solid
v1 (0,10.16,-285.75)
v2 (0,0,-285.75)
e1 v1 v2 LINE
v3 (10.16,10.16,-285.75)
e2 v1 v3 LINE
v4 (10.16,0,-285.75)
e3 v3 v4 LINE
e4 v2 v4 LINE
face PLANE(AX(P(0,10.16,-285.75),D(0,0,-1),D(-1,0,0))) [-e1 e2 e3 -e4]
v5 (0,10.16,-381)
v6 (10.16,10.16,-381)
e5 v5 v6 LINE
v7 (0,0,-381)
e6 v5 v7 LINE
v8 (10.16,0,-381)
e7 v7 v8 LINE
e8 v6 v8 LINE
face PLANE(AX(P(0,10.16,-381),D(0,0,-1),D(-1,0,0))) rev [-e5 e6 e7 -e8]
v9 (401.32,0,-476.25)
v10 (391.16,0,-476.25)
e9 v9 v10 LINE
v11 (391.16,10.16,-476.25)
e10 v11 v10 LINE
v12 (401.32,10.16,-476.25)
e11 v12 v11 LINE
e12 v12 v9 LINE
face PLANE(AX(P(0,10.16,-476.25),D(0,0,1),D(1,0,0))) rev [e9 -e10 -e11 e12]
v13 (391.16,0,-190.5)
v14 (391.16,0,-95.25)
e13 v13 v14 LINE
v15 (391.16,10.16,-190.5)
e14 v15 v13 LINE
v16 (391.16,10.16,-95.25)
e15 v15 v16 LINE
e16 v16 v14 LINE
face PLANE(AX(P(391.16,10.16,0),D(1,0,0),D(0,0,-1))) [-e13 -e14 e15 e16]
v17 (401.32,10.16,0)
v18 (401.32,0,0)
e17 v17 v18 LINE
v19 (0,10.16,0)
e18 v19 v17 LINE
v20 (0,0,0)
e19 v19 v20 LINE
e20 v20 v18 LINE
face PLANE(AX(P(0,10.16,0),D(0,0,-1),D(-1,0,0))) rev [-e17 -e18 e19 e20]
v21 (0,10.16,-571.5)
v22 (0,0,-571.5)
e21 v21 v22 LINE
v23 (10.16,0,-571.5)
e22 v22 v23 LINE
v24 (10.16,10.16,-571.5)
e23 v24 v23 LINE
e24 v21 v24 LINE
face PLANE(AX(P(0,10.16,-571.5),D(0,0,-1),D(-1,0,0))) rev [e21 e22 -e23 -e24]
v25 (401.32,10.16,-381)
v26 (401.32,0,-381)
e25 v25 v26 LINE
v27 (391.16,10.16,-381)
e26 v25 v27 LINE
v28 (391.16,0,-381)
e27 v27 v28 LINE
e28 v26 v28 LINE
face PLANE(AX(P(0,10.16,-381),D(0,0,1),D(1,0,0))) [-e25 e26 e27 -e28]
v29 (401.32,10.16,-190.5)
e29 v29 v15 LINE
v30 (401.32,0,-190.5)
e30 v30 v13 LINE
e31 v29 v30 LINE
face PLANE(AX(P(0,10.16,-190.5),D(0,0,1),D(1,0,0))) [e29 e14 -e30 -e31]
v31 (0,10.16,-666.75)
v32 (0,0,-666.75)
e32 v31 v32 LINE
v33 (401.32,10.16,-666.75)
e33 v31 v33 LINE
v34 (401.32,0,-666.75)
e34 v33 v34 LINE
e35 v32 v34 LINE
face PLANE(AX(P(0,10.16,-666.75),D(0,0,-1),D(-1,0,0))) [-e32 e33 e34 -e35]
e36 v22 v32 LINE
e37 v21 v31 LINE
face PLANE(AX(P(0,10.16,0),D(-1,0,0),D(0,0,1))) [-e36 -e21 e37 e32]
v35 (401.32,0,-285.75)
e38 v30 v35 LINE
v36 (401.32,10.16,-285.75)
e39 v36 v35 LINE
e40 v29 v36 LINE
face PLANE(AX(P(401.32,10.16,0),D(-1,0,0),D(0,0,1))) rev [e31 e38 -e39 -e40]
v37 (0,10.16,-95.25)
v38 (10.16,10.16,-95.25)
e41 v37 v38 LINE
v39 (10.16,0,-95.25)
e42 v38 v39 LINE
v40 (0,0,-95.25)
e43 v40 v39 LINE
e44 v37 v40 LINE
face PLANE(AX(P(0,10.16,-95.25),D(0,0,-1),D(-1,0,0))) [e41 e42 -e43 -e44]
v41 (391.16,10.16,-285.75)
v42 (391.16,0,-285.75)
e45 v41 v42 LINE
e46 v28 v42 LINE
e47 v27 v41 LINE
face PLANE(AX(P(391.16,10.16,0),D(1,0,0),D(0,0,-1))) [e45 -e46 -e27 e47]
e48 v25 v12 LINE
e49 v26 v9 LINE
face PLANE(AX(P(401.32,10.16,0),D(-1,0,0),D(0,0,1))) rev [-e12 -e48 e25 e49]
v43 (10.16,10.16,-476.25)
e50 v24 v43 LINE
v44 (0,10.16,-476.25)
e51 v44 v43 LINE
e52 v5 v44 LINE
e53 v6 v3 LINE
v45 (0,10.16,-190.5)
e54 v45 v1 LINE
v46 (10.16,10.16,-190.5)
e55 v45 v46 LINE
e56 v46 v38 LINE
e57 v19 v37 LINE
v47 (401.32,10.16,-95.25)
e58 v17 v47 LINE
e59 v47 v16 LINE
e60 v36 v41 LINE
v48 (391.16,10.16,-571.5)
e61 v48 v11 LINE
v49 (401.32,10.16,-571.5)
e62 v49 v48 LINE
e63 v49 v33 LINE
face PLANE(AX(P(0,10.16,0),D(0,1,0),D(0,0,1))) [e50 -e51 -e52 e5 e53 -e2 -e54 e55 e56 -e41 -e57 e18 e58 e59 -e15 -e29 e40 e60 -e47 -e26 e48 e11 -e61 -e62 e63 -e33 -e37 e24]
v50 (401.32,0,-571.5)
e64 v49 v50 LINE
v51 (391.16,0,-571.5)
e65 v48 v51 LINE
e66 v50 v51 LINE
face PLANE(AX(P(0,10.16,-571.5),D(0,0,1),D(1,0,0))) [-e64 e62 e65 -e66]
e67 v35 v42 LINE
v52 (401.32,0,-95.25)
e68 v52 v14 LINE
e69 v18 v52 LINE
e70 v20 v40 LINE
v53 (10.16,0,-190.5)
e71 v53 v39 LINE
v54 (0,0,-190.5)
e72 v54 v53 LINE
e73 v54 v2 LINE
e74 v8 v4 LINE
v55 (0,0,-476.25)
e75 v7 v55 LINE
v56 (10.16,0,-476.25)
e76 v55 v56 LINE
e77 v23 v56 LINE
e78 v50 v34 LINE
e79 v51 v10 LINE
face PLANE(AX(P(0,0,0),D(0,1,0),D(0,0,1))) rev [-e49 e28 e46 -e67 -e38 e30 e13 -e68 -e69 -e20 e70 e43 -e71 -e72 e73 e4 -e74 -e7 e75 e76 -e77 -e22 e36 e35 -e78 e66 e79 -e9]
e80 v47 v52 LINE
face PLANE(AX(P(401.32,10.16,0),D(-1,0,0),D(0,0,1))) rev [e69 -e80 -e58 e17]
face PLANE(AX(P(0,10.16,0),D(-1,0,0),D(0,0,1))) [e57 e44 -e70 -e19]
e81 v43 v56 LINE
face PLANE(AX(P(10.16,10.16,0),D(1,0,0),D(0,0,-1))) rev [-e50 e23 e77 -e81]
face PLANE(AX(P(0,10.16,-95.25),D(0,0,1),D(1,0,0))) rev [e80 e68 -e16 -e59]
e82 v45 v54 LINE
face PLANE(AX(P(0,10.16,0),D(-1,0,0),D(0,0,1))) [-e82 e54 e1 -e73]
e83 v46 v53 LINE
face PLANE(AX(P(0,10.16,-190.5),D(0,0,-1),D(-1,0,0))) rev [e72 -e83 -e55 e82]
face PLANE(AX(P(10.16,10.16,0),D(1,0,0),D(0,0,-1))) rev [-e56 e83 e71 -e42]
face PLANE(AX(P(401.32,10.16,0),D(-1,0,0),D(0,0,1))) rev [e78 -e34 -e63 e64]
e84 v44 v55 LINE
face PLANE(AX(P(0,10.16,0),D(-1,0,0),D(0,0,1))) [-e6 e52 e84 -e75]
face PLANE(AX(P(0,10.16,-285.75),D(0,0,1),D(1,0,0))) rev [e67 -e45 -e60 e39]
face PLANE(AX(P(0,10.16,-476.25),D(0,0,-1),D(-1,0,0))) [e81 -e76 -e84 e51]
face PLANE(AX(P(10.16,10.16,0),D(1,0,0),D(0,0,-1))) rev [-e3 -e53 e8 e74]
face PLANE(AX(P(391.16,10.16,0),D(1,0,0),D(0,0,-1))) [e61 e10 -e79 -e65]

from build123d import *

# Parameters (mm, degrees)
BOSS_EXTRUDE1_DEPTH = 10.16


with BuildPart() as part:
    # Sketch1 → Boss-Extrude1 (new body)
    with BuildSketch(Plane(origin=(0, 0, 0), x_dir=(1, 0, 0), z_dir=(0, 1, 0))):
        Polygon((0, 95.25), (0, 0), (401.32, 0), (401.32, 95.25), (391.16, 95.25), (391.16, 190.5), (401.32, 190.5), (401.32, 285.75), (391.16, 285.75), (391.16, 381), (401.32, 381), (401.32, 476.25), (391.16, 476.25), (391.16, 571.5), (401.32, 571.5), (401.32, 666.75), (0, 666.75), (0, 571.5), (10.16, 571.5), (10.16, 476.25), (0, 476.25), (0, 381), (10.16, 381), (10.16, 285.75), (0, 285.75), (0, 190.5), (10.16, 190.5), (10.16, 95.25), align=None)
    extrude(amount=BOSS_EXTRUDE1_DEPTH)


solid = part.part
